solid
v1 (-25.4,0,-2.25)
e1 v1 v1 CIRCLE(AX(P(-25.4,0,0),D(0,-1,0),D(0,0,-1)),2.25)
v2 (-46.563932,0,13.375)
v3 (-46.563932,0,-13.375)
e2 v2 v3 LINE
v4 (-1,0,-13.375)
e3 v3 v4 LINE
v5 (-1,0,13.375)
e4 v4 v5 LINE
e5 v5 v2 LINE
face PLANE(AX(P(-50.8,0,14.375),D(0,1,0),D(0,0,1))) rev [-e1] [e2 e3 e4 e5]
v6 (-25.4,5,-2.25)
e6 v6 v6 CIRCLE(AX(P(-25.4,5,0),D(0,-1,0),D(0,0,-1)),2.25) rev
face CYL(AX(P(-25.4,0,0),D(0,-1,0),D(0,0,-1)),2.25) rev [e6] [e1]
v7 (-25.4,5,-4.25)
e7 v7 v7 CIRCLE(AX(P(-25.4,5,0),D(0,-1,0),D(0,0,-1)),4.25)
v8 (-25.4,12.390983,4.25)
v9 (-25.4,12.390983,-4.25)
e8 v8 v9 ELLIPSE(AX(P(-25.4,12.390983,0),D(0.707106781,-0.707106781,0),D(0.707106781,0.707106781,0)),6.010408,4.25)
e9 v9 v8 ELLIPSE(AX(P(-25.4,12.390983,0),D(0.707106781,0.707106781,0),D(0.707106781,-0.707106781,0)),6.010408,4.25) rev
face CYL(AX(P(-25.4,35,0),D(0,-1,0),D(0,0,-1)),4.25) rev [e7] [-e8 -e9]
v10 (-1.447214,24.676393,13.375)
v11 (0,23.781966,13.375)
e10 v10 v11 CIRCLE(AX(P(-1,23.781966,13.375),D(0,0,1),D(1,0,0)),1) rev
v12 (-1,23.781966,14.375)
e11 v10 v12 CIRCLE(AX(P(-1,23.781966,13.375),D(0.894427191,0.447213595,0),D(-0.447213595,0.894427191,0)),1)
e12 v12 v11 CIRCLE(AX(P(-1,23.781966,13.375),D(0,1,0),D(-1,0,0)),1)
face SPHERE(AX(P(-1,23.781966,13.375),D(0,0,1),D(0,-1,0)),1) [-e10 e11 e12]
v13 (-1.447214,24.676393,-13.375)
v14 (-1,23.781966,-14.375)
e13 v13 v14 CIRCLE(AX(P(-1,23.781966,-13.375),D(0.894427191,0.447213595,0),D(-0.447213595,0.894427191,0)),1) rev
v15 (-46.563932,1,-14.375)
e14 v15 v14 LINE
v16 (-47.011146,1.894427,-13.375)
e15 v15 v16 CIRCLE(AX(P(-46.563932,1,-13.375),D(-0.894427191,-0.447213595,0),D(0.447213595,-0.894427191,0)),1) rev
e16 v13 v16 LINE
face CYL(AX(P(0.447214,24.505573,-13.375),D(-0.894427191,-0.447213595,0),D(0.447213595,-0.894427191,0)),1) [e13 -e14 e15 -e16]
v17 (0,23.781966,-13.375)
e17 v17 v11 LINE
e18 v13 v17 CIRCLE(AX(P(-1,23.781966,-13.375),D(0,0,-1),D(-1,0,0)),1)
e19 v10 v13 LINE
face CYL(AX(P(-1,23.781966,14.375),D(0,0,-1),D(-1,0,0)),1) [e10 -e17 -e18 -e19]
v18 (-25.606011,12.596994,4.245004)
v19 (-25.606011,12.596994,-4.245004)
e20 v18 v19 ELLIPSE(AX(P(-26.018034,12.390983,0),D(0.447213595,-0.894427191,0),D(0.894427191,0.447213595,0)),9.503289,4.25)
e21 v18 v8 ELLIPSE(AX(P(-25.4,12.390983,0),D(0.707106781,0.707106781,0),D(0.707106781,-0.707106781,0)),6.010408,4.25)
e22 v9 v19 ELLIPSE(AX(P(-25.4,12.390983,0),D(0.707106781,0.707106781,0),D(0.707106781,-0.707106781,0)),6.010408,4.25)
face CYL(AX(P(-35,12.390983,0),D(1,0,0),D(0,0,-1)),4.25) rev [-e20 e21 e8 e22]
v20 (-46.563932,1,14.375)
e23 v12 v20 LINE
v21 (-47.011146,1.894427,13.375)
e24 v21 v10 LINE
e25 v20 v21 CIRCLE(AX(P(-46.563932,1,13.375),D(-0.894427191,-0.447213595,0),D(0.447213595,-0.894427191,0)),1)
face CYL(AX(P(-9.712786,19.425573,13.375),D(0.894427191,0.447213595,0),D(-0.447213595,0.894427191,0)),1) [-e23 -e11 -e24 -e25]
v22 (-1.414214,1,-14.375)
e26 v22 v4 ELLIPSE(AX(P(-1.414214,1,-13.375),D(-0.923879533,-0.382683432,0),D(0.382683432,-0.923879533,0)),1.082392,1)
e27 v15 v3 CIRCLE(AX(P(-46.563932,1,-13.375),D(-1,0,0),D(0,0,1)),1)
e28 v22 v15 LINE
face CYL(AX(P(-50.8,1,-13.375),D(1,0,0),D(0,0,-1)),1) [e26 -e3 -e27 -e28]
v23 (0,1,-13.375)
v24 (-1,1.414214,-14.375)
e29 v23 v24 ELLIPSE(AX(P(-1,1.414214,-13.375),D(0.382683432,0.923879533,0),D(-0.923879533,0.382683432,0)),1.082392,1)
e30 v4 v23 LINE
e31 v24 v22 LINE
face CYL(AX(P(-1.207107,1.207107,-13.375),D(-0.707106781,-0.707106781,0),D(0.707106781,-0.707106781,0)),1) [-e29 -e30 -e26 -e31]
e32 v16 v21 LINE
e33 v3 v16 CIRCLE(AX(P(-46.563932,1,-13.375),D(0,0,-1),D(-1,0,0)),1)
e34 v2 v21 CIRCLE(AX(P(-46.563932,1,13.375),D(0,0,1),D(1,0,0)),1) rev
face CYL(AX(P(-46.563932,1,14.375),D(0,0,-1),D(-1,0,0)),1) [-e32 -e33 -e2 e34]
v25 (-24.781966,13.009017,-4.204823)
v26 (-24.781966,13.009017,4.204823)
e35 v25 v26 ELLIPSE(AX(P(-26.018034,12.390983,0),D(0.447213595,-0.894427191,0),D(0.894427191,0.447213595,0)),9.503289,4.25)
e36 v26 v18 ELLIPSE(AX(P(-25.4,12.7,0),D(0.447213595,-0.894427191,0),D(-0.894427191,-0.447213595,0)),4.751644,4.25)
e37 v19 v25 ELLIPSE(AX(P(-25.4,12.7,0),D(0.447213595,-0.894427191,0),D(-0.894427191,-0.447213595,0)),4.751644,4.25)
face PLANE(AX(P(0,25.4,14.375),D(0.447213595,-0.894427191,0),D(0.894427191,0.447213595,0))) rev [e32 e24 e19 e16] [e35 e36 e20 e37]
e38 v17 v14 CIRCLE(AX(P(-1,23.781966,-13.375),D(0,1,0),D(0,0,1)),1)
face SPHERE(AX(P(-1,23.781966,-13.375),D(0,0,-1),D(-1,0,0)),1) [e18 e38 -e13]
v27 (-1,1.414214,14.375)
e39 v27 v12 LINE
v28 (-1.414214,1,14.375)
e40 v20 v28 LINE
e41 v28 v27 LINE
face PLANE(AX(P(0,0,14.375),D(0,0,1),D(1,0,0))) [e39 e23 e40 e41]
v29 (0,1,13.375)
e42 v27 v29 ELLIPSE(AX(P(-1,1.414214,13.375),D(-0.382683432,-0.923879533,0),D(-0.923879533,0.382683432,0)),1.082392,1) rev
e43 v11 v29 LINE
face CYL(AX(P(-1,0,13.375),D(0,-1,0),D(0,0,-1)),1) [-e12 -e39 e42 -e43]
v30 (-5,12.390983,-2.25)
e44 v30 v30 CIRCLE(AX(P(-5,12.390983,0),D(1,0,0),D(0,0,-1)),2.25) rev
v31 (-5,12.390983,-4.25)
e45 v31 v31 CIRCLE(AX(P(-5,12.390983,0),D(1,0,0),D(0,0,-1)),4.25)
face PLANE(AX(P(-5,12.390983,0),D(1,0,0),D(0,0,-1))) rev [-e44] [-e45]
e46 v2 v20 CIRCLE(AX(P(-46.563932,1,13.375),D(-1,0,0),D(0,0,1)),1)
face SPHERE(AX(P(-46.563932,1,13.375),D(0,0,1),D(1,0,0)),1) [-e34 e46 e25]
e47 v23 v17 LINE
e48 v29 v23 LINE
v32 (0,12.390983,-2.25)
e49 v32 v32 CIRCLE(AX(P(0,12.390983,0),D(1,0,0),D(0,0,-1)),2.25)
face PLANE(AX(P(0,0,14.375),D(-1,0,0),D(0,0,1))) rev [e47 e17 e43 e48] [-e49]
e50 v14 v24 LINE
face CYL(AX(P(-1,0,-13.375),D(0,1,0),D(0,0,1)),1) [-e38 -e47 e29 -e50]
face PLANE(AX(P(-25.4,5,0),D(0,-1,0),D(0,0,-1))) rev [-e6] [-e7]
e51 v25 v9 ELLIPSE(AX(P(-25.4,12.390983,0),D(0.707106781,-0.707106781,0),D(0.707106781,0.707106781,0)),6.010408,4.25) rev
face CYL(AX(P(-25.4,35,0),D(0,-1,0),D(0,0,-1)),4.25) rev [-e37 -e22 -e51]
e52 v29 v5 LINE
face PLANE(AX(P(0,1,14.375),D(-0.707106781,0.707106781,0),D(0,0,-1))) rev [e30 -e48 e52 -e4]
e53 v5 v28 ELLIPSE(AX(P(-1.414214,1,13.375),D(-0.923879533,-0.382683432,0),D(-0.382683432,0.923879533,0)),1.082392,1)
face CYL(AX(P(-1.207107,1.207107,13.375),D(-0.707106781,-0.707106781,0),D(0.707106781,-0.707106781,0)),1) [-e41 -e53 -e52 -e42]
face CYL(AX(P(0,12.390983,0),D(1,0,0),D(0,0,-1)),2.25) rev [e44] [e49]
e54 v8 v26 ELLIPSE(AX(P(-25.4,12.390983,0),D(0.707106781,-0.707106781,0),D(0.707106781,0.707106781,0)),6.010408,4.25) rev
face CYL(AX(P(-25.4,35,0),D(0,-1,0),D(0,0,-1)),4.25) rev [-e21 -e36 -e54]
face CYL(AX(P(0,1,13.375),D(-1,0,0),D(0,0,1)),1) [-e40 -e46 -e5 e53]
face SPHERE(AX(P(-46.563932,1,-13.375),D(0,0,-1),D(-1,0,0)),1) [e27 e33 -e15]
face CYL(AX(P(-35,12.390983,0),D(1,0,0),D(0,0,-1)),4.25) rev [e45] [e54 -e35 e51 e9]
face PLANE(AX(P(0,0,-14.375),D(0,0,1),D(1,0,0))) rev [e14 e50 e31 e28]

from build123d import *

# Parameters (mm, degrees)
BOSS_EXTRUDE2_DEPTH  = 14.375
M4_CLEARANCE_HOLE2_D = 4.5
CUT_EXTRUDE1_START   = -5
SKETCH10_R           = 4.25
CUT_EXTRUDE1_DEPTH   = 30
M4_CLEARANCE_HOLE3_D = 4.5
CUT_EXTRUDE2_START   = -5
SKETCH14_R           = 4.25
CUT_EXTRUDE2_DEPTH   = 30
CHAMFER1_SIZE        = 1
FILLET2_R            = 1


with BuildPart() as part:
    # Sketch5 → Boss-Extrude2 (new, symmetric)
    with BuildSketch(Plane.XY):
        Polygon((0, 0), (0, 25.4), (-50.8, 0), align=None)
    extrude(amount=BOSS_EXTRUDE2_DEPTH, both=True)

    # M4 Clearance Hole2 (through all)
    with Locations(Plane(origin=(0, 0, 0), x_dir=(0, 0, -1), z_dir=(1, 0, 0))):
        with Locations((0, 12.390983006)):
            Hole(M4_CLEARANCE_HOLE2_D / 2)

    # Sketch10 → Cut-Extrude1 (cut)
    with BuildSketch(Plane(origin=(0, 0, 0), x_dir=(0, 0, -1), z_dir=(1, 0, 0)).offset(CUT_EXTRUDE1_START)):
        with Locations((0, 12.390983006)):
            Circle(SKETCH10_R)
    extrude(amount=-CUT_EXTRUDE1_DEPTH, mode=Mode.SUBTRACT)

    # M4 Clearance Hole3 (through all)
    with Locations(Plane(origin=(0, 0, 0), x_dir=(-1, 0, 0), z_dir=(0, -1, 0))):
        with Locations((25.4, 0)):
            Hole(M4_CLEARANCE_HOLE3_D / 2)

    # Sketch14 → Cut-Extrude2 (cut)
    with BuildSketch(Plane.XZ.offset(CUT_EXTRUDE2_START)):
        with Locations(Location((-25.4, 0, 0), (0, 0, 270))):
            Circle(SKETCH14_R)
    extrude(amount=-CUT_EXTRUDE2_DEPTH, mode=Mode.SUBTRACT)

    # Chamfer1
    chamfer1_edges = [part.edges().sort_by_distance(p)[0] for p in [
        (0, 0, 0),
    ]]
    chamfer(chamfer1_edges, length=CHAMFER1_SIZE)

    # Fillet2
    fillet2_edges = [part.edges().sort_by_distance(p)[0] for p in [
        (-25.4, 12.7, 14.375),
        (-25.4, 12.7, -14.375),
        (-25.9, 0, -14.375),
        (-25.9, 0, 14.375),
        (0, 13.2, -14.375),
        (0, 13.2, 14.375),
        (-0.5, 0.5, -14.375),
        (-0.5, 0.5, 14.375),
        (-50.8, 0, 0),
        (0, 25.4, 0),
    ]]
    fillet(fillet2_edges, radius=FILLET2_R)


solid = part.part
